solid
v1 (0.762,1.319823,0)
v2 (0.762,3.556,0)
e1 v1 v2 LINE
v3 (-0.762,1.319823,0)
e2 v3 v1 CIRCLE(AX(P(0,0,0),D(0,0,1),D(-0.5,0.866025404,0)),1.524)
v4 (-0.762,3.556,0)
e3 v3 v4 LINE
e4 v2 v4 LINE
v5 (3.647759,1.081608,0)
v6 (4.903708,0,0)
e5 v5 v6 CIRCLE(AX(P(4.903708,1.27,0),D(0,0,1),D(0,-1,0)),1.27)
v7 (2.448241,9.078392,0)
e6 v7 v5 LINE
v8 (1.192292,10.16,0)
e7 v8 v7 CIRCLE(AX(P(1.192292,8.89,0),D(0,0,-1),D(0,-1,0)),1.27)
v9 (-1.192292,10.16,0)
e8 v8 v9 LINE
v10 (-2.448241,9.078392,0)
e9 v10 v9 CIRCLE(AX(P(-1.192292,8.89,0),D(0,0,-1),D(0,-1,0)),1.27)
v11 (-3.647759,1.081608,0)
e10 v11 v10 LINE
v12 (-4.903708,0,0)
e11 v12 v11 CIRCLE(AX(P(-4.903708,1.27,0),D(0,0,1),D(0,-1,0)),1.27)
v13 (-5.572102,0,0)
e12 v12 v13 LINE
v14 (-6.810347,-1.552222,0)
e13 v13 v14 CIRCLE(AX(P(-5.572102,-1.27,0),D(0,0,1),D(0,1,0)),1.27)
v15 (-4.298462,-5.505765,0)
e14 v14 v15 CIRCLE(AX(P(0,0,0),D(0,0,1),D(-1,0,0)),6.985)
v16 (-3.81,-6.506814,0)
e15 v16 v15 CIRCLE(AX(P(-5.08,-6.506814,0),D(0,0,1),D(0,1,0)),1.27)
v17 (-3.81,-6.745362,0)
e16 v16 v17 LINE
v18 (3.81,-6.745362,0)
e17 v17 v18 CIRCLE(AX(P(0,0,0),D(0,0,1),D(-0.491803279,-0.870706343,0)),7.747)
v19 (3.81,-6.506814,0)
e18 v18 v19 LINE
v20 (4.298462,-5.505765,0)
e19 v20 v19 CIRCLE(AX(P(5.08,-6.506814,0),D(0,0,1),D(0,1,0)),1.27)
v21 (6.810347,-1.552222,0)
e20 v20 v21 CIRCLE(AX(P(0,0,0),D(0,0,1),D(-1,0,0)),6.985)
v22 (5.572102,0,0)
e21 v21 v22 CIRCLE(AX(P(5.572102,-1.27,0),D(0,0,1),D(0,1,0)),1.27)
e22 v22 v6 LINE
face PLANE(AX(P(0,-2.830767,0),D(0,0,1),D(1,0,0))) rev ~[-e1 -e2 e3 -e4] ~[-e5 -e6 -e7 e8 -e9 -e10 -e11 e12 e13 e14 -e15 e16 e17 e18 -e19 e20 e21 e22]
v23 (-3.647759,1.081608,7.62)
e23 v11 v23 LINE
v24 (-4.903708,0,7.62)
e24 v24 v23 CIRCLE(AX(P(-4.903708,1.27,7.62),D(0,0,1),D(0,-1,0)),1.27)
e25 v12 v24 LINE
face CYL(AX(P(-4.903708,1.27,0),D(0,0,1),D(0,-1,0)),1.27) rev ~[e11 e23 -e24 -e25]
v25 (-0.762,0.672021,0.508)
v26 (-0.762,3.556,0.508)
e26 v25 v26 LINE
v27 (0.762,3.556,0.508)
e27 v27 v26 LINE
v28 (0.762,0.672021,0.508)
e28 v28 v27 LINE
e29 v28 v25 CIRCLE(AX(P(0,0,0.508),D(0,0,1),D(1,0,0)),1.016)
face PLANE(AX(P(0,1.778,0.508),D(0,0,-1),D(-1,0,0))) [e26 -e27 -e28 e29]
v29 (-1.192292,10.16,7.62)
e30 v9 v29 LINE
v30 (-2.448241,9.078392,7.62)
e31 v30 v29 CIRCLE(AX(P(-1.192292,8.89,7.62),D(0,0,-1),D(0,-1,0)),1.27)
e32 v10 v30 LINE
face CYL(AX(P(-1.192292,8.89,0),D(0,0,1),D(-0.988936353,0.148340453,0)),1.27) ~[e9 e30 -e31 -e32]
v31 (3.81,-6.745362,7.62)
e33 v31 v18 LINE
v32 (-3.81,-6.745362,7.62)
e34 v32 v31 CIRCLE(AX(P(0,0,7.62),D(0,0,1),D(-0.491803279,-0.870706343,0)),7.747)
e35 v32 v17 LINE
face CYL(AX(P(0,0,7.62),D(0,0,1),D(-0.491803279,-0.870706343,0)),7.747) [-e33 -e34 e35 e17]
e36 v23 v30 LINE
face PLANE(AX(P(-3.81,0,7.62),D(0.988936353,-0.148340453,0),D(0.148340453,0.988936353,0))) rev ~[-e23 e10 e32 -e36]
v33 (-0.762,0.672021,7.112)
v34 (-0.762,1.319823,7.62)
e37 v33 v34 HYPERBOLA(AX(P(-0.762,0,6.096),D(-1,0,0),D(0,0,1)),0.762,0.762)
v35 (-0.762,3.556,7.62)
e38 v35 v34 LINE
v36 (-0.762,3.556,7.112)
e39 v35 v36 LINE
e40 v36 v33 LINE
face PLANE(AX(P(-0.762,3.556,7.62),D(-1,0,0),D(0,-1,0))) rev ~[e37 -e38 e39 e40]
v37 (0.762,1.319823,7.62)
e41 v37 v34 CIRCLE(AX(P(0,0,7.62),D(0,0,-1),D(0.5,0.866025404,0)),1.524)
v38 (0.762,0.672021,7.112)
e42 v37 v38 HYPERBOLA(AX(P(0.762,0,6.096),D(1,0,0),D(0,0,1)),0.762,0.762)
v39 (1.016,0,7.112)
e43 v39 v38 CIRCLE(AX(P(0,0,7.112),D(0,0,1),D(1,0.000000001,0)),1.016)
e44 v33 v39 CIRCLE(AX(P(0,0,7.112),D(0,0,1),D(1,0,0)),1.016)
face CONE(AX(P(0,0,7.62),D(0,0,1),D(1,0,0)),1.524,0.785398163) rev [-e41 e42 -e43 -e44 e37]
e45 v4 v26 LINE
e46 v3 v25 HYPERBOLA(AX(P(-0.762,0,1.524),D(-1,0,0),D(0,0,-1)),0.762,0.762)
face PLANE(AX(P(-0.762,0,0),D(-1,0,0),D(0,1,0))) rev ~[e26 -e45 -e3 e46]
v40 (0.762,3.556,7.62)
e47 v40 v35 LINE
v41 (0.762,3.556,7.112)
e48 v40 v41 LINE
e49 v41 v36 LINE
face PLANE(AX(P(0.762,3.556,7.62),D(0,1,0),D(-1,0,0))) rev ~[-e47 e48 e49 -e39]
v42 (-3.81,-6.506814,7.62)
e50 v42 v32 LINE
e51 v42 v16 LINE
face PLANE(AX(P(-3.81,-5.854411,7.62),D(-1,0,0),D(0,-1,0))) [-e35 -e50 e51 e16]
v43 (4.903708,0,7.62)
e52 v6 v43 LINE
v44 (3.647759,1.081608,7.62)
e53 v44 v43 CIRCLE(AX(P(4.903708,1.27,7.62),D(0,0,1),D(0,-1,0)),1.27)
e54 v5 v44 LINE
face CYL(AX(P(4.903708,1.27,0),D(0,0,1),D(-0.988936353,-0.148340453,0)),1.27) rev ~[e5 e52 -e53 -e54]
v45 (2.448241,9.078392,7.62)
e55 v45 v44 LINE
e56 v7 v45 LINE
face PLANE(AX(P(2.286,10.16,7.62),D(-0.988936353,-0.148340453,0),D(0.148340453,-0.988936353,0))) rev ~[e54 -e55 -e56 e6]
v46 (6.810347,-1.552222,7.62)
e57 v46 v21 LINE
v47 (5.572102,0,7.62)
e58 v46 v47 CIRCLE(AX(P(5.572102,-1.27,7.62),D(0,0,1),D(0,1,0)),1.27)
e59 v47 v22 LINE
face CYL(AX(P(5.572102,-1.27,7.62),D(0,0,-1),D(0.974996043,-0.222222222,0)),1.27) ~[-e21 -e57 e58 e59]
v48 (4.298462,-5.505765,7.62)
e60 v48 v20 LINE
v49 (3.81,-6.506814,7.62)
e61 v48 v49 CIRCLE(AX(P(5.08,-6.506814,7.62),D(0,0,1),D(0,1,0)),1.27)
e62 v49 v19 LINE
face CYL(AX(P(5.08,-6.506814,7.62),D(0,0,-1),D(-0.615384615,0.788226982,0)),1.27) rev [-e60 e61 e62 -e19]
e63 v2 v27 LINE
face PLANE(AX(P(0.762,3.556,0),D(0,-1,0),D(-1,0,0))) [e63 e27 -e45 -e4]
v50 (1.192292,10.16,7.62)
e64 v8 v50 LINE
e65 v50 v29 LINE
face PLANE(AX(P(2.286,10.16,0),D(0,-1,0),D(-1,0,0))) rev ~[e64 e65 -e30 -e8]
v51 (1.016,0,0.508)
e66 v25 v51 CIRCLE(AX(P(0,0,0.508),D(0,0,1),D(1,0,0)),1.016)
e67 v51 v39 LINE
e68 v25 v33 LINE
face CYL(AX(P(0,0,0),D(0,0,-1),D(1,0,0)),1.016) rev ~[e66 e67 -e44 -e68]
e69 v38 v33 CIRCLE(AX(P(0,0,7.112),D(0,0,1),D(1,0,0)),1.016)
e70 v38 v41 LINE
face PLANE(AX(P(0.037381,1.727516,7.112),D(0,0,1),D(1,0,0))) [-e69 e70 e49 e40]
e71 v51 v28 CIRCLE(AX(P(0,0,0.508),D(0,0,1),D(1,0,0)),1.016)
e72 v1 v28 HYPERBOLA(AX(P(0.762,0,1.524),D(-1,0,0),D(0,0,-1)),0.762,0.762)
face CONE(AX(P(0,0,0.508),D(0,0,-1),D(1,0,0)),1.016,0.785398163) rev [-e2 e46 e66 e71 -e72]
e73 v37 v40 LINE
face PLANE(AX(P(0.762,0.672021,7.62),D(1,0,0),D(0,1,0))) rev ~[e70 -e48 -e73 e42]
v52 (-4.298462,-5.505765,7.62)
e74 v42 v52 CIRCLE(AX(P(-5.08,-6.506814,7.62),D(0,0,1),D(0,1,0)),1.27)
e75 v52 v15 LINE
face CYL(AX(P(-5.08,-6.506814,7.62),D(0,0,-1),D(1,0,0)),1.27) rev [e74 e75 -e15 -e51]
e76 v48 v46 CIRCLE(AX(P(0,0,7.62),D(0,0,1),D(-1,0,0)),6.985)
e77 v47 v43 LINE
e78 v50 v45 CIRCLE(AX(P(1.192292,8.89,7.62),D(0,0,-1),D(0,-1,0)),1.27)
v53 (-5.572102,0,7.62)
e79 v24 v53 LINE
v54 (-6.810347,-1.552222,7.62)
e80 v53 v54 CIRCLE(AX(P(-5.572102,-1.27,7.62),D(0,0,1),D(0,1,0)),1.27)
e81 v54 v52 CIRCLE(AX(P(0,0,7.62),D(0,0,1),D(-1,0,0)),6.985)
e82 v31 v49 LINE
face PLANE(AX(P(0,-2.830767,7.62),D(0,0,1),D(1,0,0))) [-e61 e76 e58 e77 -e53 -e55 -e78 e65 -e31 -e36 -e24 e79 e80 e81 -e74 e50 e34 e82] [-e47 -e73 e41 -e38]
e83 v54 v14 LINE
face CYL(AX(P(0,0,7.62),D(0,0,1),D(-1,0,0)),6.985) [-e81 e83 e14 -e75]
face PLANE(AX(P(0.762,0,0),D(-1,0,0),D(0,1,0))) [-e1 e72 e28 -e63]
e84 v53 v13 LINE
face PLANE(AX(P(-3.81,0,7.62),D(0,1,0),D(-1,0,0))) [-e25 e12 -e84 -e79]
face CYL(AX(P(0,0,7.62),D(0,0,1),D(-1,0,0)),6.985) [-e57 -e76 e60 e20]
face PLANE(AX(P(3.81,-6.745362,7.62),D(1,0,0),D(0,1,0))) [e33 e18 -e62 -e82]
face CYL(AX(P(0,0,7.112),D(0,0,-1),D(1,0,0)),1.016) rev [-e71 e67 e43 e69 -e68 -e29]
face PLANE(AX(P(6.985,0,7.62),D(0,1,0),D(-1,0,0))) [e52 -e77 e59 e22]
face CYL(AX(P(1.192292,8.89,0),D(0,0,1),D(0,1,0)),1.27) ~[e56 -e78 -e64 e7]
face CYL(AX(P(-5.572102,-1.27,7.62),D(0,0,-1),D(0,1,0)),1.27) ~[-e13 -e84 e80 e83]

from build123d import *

# Parameters (mm, degrees)
BOSS_EXTRUDE2_DEPTH  = 7.62
CUT_EXTRUDE1_DEPTH   = 0.508
SKETCH4_W            = 1.524
SKETCH4_H            = 3.556
CUT_EXTRUDE2_DEPTH   = 0.508
BOSS_EXTRUDE8_DEPTH  = 7.62
BOSS_EXTRUDE10_DEPTH = 7.62
FILLET2_R            = 1.27
CUT_EXTRUDE4_DEPTH   = 7.62
FILLET4_R            = 1.27


with BuildPart() as part:
    # Sketch2 → Boss-Extrude2 (new body)
    with BuildSketch(Plane.XY):
        with BuildLine():
            ThreePointArc((-3.81, 0), (0, -3.81), (3.81, 0))
            Line((3.81, 0), (3.81, 8.636))
            ThreePointArc((3.81, 8.636), (3.363630735, 9.713630735), (2.286, 10.16))
            Line((2.286, 10.16), (-2.286, 10.16))
            ThreePointArc((-2.286, 10.16), (-3.363630735, 9.713630735), (-3.81, 8.636))
            Line((-3.81, 8.636), (-3.81, 0))
        make_face()
        with BuildLine():
            Line((-0.762, 0), (1.016, 0))
            ThreePointArc((1.016, 0), (-0.359210245, -0.950380976), (-0.762, 0.672020833))
            Line((-0.762, 0.672020833), (-0.762, 0))
        make_face(mode=Mode.SUBTRACT)
    extrude(amount=BOSS_EXTRUDE2_DEPTH)

    # Sketch3 → Cut-Extrude1 (cut)
    with BuildSketch(Plane.XY.offset(7.62)):
        with BuildLine():
            Line((-0.762, 0), (1.016, 0))
            ThreePointArc((1.016, 0), (0.950380976, 0.359210245), (0.762, 0.672020833))
            Line((0.762, 0.672020833), (0.762, 3.556))
            Line((0.762, 3.556), (-0.762, 3.556))
            Line((-0.762, 3.556), (-0.762, 0))
        make_face()
    extrude(amount=-CUT_EXTRUDE1_DEPTH, mode=Mode.SUBTRACT)

    # Sketch4 → Cut-Extrude2 (cut)
    with BuildSketch(Plane(origin=(0, 0, 0), x_dir=(-1, 0, 0), z_dir=(0, 0, -1))):
        with Locations((0, 1.778)):
            Rectangle(SKETCH4_W, SKETCH4_H)
    extrude(amount=-CUT_EXTRUDE2_DEPTH, mode=Mode.SUBTRACT)

    # Sketch7 → Cut-Revolve1 (revolve, cut)
    with BuildSketch(Plane(origin=(0, 0, 0), x_dir=(1, 0, 0), z_dir=(0, 1, 0))):
        Polygon((0, 0), (0, -7.62), (1.524, -7.62), (1.016, -7.112), (1.016, -0.508), (1.524, 0), align=None)
    revolve(axis=Axis((0, 0, 0), (0, 0, 1)), mode=Mode.SUBTRACT)

    # Sketch10 → Boss-Extrude8 (add)
    with BuildSketch(Plane.XY.offset(7.62)):
        with BuildLine():
            Line((-3.81, 0), (-6.985, 0))
            ThreePointArc((-6.985, 0), (0, -6.985), (6.985, 0))
            Line((6.985, 0), (3.81, 0))
            ThreePointArc((3.81, 0), (0, -3.81), (-3.81, 0))
        make_face()
    extrude(amount=-BOSS_EXTRUDE8_DEPTH)

    # Sketch14 → Boss-Extrude10 (add)
    with BuildSketch(Plane.XY.offset(7.62)):
        with BuildLine():
            ThreePointArc((3.81, -5.85441073), (0, -6.985), (-3.81, -5.85441073))
            Line((-3.81, -5.85441073), (-3.81, -6.745362036))
            ThreePointArc((-3.81, -6.745362036), (0, -7.747), (3.81, -6.745362036))
            Line((3.81, -6.745362036), (3.81, -5.85441073))
        make_face()
    extrude(amount=-BOSS_EXTRUDE10_DEPTH)

    # Fillet2
    fillet2_edges = [part.edges().sort_by_distance(p)[0] for p in [
        (-6.985, 0, 3.81),
        (6.985, 0, 3.81),
    ]]
    fillet(fillet2_edges, radius=FILLET2_R)

    # Sketch16 → Cut-Extrude4 (cut)
    with BuildSketch(Plane.XY.offset(7.62)):
        with BuildLine():
            Line((-3.81, 0), (-2.286, 10.16))
            ThreePointArc((-2.286, 10.16), (-3.363630735, 9.713630735), (-3.81, 8.636))
            Line((-3.81, 8.636), (-3.81, 0))
        make_face()
        with BuildLine():
            Line((2.286, 10.16), (3.81, 0))
            Line((3.81, 0), (3.81, 8.636))
            ThreePointArc((3.81, 8.636), (3.363630735, 9.713630735), (2.286, 10.16))
        make_face()
    extrude(amount=-CUT_EXTRUDE4_DEPTH, mode=Mode.SUBTRACT)

    # Fillet4
    fillet4_edges = [part.edges().sort_by_distance(p)[0] for p in [
        (-3.81, -5.85441073, 3.81),
        (3.81, -5.85441073, 3.81),
        (-3.81, 0, 3.81),
        (-2.286, 10.16, 3.81),
        (2.286, 10.16, 3.81),
        (3.81, 0, 3.81),
    ]]
    fillet(fillet4_edges, radius=FILLET4_R)


solid = part.part
